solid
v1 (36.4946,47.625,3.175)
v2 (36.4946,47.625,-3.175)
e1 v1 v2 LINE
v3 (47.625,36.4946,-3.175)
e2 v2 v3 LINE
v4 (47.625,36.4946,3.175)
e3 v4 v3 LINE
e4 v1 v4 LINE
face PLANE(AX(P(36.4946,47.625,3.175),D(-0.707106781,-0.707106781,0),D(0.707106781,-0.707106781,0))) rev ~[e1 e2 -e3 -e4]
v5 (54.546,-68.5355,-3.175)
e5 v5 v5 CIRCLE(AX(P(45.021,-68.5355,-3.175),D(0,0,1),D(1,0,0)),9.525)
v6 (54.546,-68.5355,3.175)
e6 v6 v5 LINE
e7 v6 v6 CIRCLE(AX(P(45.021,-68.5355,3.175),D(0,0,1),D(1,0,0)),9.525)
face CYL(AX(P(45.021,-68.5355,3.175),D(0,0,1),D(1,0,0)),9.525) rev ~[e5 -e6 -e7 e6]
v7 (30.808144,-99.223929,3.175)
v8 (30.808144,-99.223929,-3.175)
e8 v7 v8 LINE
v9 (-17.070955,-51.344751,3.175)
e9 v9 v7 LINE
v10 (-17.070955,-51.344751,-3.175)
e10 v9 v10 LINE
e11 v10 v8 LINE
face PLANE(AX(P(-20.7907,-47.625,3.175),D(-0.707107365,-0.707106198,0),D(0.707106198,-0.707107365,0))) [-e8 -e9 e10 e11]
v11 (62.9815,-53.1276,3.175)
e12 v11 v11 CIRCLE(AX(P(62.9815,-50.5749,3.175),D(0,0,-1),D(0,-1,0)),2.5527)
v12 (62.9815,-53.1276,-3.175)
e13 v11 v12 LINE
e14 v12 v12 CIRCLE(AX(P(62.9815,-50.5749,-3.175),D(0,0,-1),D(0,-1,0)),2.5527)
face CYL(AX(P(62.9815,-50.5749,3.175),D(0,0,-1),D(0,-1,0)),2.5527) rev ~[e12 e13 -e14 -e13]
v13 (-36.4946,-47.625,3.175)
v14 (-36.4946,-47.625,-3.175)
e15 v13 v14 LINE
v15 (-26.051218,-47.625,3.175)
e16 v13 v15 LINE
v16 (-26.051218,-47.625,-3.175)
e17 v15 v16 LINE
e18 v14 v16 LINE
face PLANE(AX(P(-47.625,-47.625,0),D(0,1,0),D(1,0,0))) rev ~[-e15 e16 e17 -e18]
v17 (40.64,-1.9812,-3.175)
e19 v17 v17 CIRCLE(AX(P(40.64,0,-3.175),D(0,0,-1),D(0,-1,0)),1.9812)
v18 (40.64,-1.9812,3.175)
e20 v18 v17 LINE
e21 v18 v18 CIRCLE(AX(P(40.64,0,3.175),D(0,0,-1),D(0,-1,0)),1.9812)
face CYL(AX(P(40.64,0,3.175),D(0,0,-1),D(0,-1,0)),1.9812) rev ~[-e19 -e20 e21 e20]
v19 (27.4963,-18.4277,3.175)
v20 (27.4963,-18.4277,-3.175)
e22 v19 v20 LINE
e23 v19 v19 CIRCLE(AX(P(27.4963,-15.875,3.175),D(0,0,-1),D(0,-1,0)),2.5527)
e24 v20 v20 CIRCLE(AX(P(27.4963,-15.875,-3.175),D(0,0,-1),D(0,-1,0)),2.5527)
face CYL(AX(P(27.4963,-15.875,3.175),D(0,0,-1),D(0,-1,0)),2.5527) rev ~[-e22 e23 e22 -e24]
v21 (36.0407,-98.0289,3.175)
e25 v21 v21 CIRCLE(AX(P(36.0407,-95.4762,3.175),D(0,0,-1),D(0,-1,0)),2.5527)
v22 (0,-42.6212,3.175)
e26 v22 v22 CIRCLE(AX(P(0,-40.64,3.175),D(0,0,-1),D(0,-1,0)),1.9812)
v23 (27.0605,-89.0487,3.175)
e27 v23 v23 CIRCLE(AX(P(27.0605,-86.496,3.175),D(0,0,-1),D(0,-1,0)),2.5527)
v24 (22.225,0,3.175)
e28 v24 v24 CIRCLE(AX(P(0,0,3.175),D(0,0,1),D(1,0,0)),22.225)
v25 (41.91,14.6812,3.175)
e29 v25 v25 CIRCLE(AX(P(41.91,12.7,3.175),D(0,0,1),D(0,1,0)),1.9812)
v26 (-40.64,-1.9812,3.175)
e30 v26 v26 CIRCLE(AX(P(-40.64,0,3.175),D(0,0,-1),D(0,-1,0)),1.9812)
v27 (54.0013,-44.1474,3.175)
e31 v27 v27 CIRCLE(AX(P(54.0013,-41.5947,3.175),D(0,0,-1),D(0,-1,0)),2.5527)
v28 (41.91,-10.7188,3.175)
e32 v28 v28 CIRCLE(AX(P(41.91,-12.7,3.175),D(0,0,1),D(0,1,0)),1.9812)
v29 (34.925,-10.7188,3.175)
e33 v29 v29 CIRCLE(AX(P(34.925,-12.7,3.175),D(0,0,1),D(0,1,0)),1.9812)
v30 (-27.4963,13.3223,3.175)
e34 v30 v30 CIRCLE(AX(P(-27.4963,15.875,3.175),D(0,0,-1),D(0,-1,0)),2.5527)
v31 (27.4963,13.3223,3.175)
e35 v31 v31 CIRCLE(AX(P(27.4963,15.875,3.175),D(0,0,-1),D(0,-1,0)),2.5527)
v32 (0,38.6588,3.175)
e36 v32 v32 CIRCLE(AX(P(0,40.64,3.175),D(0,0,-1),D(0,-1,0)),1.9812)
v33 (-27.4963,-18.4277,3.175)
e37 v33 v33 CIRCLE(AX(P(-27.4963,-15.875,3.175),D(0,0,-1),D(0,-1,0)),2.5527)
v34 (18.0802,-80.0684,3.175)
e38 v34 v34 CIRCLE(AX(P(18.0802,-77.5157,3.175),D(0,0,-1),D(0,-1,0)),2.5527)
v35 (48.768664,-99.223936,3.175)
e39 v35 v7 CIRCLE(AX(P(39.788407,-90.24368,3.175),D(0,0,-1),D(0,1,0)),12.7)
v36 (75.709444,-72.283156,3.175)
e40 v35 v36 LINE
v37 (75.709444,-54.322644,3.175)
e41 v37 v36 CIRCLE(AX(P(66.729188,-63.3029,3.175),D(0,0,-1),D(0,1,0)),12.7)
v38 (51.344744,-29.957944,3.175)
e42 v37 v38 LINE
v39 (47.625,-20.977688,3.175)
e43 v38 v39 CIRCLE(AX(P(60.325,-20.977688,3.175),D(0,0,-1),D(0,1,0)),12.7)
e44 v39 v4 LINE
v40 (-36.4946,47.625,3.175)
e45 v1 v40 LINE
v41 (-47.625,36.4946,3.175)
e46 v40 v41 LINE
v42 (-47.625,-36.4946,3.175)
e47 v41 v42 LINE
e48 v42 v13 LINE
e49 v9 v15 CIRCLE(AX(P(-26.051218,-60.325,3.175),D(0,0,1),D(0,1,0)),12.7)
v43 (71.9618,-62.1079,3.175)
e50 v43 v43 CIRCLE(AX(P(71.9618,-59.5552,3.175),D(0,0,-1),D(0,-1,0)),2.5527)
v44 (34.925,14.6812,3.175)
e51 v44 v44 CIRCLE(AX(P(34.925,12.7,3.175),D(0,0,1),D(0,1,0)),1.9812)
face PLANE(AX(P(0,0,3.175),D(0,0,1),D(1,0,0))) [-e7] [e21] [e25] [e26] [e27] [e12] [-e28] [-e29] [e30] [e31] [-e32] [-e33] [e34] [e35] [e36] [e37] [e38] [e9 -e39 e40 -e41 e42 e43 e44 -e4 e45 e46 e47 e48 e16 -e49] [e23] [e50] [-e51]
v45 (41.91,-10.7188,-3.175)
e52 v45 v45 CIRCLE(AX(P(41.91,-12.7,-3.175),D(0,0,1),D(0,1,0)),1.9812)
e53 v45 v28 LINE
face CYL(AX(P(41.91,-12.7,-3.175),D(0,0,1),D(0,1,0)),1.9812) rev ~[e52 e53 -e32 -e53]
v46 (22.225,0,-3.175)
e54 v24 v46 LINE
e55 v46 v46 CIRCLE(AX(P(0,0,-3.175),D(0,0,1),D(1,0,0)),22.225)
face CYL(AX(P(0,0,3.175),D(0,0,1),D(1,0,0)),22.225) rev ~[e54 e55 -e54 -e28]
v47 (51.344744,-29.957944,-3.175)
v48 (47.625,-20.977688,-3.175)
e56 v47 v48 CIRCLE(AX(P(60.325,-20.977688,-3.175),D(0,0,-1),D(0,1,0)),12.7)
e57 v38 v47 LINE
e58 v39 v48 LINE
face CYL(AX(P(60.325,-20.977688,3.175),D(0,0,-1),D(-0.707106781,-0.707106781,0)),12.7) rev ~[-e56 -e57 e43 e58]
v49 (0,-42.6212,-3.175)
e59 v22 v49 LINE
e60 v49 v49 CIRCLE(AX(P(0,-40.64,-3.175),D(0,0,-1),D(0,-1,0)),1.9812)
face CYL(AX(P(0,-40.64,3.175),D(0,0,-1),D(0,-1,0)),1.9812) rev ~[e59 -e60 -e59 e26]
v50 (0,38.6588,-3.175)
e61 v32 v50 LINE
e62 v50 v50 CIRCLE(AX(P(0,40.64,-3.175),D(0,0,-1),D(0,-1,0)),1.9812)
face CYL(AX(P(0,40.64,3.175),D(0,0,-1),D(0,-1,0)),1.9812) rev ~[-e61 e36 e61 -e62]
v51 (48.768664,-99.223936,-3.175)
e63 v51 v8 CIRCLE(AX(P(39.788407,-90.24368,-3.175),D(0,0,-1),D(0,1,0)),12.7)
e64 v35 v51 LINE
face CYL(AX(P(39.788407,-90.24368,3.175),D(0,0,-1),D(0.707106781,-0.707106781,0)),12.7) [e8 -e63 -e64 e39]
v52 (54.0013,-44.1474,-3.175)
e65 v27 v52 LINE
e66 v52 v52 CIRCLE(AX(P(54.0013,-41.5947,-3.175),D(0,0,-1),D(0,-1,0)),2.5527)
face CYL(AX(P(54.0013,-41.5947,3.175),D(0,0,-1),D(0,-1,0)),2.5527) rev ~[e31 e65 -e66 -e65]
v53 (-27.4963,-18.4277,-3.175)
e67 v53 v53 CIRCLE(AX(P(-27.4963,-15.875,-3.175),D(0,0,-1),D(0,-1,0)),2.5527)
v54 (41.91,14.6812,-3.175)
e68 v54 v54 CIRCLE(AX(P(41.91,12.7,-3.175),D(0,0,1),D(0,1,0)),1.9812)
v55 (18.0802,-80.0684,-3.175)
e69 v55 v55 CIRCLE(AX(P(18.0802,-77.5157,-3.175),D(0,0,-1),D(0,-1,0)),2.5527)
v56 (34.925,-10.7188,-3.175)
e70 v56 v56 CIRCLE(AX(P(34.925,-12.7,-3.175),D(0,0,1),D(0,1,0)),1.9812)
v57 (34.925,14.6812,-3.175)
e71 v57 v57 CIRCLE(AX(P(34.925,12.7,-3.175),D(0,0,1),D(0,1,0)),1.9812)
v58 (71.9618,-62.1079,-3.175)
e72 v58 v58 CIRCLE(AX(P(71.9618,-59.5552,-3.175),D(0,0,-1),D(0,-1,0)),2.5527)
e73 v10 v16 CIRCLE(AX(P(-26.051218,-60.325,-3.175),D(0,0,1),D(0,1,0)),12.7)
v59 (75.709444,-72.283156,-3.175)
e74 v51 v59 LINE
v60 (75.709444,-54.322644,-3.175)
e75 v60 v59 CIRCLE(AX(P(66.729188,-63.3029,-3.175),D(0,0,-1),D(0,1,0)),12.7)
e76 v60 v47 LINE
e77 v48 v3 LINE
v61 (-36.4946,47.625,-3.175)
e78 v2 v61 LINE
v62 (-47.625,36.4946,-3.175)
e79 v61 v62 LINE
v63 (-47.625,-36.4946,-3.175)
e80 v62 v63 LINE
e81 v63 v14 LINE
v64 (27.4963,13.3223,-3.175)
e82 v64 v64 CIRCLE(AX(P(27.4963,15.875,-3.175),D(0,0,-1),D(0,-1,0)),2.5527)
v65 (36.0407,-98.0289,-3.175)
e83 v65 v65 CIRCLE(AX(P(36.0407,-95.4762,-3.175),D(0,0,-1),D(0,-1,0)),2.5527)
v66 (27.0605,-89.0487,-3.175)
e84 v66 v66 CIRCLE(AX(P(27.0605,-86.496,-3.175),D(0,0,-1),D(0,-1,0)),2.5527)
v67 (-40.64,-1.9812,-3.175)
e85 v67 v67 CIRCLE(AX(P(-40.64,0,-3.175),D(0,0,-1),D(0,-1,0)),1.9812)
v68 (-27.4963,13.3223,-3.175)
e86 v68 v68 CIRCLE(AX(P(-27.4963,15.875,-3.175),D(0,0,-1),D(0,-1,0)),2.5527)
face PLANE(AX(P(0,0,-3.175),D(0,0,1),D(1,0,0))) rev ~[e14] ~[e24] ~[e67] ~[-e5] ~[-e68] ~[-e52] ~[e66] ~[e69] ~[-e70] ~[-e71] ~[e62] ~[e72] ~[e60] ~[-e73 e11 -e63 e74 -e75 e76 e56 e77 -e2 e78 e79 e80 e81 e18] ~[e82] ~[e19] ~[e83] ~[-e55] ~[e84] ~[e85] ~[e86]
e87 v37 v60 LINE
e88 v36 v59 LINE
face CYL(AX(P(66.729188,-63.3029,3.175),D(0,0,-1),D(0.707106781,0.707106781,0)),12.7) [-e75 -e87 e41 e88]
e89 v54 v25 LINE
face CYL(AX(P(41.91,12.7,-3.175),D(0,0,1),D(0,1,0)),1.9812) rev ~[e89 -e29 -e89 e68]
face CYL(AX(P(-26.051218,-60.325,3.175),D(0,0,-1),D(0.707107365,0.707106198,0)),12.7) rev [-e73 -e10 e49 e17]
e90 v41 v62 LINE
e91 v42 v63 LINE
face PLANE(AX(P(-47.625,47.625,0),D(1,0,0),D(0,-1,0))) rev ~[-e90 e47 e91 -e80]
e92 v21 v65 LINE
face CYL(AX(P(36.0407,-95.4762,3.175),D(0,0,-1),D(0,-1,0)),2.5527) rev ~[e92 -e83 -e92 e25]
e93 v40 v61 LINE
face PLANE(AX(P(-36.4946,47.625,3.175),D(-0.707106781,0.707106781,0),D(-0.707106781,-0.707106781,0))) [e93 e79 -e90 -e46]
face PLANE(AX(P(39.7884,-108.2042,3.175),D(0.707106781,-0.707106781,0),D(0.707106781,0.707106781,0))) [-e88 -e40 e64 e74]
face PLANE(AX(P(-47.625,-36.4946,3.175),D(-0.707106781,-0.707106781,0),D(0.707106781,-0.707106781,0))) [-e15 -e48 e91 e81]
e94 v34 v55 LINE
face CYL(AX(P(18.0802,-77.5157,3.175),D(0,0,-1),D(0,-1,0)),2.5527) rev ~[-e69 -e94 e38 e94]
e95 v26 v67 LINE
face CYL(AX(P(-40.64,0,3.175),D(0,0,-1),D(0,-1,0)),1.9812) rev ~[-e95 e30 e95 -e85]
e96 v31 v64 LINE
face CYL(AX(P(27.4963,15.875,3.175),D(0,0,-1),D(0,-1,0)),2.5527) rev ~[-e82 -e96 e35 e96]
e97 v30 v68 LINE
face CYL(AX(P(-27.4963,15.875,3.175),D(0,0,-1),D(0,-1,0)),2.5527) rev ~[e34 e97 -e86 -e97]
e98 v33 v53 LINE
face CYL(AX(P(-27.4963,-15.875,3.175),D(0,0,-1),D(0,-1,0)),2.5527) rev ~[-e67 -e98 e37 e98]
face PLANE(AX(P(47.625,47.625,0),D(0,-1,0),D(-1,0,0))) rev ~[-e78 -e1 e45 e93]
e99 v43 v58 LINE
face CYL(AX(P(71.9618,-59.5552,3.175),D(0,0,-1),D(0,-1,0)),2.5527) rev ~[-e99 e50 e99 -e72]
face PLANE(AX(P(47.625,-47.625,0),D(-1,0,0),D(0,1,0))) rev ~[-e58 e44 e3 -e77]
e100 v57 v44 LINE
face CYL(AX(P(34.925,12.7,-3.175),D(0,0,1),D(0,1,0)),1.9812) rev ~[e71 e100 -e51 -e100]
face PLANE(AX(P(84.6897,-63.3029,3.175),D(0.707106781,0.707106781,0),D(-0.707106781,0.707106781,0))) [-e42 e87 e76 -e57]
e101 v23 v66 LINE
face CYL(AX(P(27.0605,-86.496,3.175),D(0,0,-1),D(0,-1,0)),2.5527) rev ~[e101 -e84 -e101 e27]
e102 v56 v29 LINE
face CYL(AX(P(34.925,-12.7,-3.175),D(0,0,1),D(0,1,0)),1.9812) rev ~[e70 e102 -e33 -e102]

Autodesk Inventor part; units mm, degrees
ref_plane "YZ Plane" through (0, 0, 0) normal (1, 0, 0) x (0, 1, 0)
ref_plane "XZ Plane" through (0, 0, 0) normal (0, 1, 0) x (-1, 0, 0)
ref_plane "XY Plane" through (0, 0, 0) normal (0, 0, 1) x (1, 0, 0)
sketch "Sketch1" plane through (0, 0, 0) normal (0, 0, 1) x (1, 0, 0)
  line L0 (-47.625, -47.625) -> (47.625, -47.625)
  line L1 (47.625, -47.625) -> (47.625, 47.625)
  line L2 (47.625, 47.625) -> (-47.625, 47.625)
  line L3 (-47.625, 47.625) -> (-47.625, -47.625)
  line L4 (-47.625, -47.625) -> (47.625, 47.625) construction
  line L5 (47.625, -47.625) -> (-47.625, 47.625) construction
  point P0 (0, 0)
  dimension "width" = 95.25
  dimension "length" = 95.25
extrude "Extrusion1" add sketch "Sketch1" along normal mid plane 6.35
sketch "Sketch2" plane through (0, 0, 3.175) normal (0, 0, 1) x (1, 0, 0)
  circle A0 centre (0, 0) radius 35
  circle A1 centre (0, 0) radius 60 construction
  circle A2 centre (0, 0) radius 40.64 construction
  point P0 (0, 40.64)
  point P1 (-40.64, 0)
  point P2 (0, -40.64)
  point P3 (40.64, 0)
  dimension "d74" = 81.28
  dimension "d5" = 120
  dimension "d73" = 70
  dimension "d77" = 360
hole "Hole1" at (0, 40.64, 3.175) at (-40.64, 0, 3.175) at (0, -40.64, 3.175) at (40.64, 0, 3.175) direction (0, 0, -1) diameter 3.9624 end through all thread size "10-32 UNF" class "2B" standard "ANSI Unified Screw Threads"
sketch "Sketch3" plane through (0, 0, 3.175) normal (0, 0, 1) x (1, 0, 0)
  circle A0 centre (0, 0) radius 31.75 construction
  point P0 (0, 31.75)
  point P1 (-27.4963, 15.875)
  point P2 (-27.4963, -15.875)
  point P3 (0, -31.75)
  point P4 (27.4963, -15.875)
  point P5 (27.4963, 15.875)
  dimension "d17" = 63.5
  dimension "d20" = 360
hole "Hole2" at (-27.4963, 15.875, 3.175) at (-27.4963, -15.875, 3.175) at (27.4963, -15.875, 3.175) at (27.4963, 15.875, 3.175) direction (0, 0, -1) diameter 5.1054 end through all clearance for "Hex Machine Screw" size "#10" standard "Ansi Unified Screw Threads"
sketch "Sketch4" plane through (0, 0, 3.175) normal (0, 0, 1) x (1, 0, 0)
  circle A0 centre (0, 0) radius 22.225
  dimension "d30" = 44.45
extrude "Extrusion2" cut sketch "Sketch4" against normal through all
sketch "Sketch5" plane through (0, 0, 3.175) normal (0, 0, 1) x (1, 0, 0)
  circle A0 centre (0, 0) radius 64 construction
  circle A1 centre (45.021, -68.5355) radius 18 construction
  line L0 (95.821, 47.9105) -> (95.821, -47.9105) construction
  line L1 (54.0013, -41.5947) -> (18.0802, -77.5157) construction
  line L2 (18.0802, -77.5157) -> (27.0605, -86.496) construction
  line L3 (36.0407, -59.5552) -> (45.021, -68.5355) construction
  line L4 (-47.625, -47.625) -> (47.625, -47.625) construction
  line L5 (-20.7907, -47.625) -> (39.7884, -108.2042)
  line L6 (39.7884, -108.2042) -> (84.6897, -63.3029)
  line L7 (84.6897, -63.3029) -> (47.625, -26.2382)
  line L8 (47.625, -47.625) -> (47.625, 47.625) construction
  line L9 (-20.7907, -47.625) -> (47.625, -47.625)
  line L10 (47.625, -47.625) -> (47.625, -26.2382)
  circle A2 centre (45.021, -68.5355) radius 9.525
  point P0 (95.821, 0)
  point P1 (27.0605, -86.496)
  point P2 (36.0407, -95.4762)
  point P3 (62.9815, -50.5749)
  point P4 (62.9815, -50.5749)
  point P5 (71.9618, -59.5552)
  point P6 (-22.225, -47.625)
  dimension "d33" = 128
  dimension "d34" = 36
  dimension "d35" = 95.821
  dimension "d36" = 95.821
  dimension "d37" = 50.8
  dimension "d38" = 12.7
  dimension "d39" = 12.7
  dimension "d42" = 12.7
  dimension "d47" = 45
  dimension "d48" = 50.8
  dimension "d49" = 6.35
  dimension "d50" = 24.35
  dimension "d51" = 6.35
  dimension "d55" = 19.05
  dimension "d64" = 45
extrude "Extrusion3" add sketch "Sketch5" against normal up to surface (6.35 mm away)
hole "Hole3" at (18.0802, -77.5157, 3.175) at (27.0605, -86.496, 3.175) at (36.0407, -95.4762, 3.175) at (54.0013, -41.5947, 3.175) at (71.9618, -59.5552, 3.175) at (62.9815, -50.5749, 3.175) direction (0, 0, -1) diameter 5.1054 end through all clearance for "Hex Machine Screw" size "#10" standard "Ansi Unified Screw Threads"
fillet "Fillet2" radius 12.7 4 edges at (47.625, -26.2382, 0) (-20.7907, -47.625, 0) (39.7884, -108.2042, 0) (84.6897, -63.3029, 0)
sketch "Sketch7" plane through (0, 0, 3.175) normal (0, 0, 1) x (1, 0, 0)
  circle A0 centre (0, 0) radius 60 construction
  circle A1 centre (71.9618, -59.5552) radius 2.5527 construction
  circle A2 centre (36.0407, -95.4762) radius 2.5527 construction
  circle A3 centre (18.0802, -77.5157) radius 2.5527 construction
  circle A4 centre (27.0605, -86.496) radius 2.5527 construction
  circle A5 centre (54.0013, -41.5947) radius 2.5527 construction
  circle A6 centre (62.9815, -50.5749) radius 2.5527 construction
  circle A7 centre (45.021, -68.5355) radius 9.525 construction
  circle A8 centre (0, 0) radius 22.225 construction
  circle A9 centre (27.4963, -15.875) radius 2.5527 construction
  circle A10 centre (-27.4963, -15.875) radius 2.5527 construction
  circle A11 centre (-27.4963, 15.875) radius 2.5527 construction
  circle A12 centre (27.4963, 15.875) radius 2.5527 construction
  arc A13 (75.7094, -72.2831) -> (75.7094, -54.3226) centre (66.7292, -63.3029) ccw construction
  line L0 (75.7094, -54.3226) -> (51.3447, -29.9579) construction
  arc A14 (47.625, -20.9777) -> (51.3447, -29.9579) centre (60.325, -20.9777) ccw construction
  line L1 (47.625, -20.9777) -> (47.625, 47.625) construction
  line L2 (47.625, 47.625) -> (-47.625, 47.625) construction
  line L3 (-47.625, 47.625) -> (-47.625, -47.625) construction
  line L4 (-47.625, -47.625) -> (-26.0513, -47.625) construction
  arc A15 (-17.071, -51.3447) -> (-26.0513, -47.625) centre (-26.0513, -60.325) ccw construction
  line L5 (-17.071, -51.3447) -> (30.8082, -99.2239) construction
  arc A16 (30.8082, -99.2239) -> (48.7687, -99.2239) centre (39.7884, -90.2436) ccw construction
  line L6 (48.7687, -99.2239) -> (75.7094, -72.2831) construction
  line L7 (-47.625, 47.625) -> (47.625, 47.625) construction
  line L8 (-36.4946, 47.625) -> (-47.625, 47.625)
  line L9 (-47.625, 47.625) -> (-47.625, 36.4946)
  line L10 (-47.625, -47.625) -> (-47.625, 47.625) construction
  line L11 (36.4946, 47.625) -> (47.625, 47.625)
  line L12 (47.625, 47.625) -> (47.625, 36.4946)
  line L13 (47.625, 47.625) -> (47.625, -20.9777) construction
  line L14 (-47.625, -36.4946) -> (-47.625, -47.625)
  line L15 (-26.0513, -47.625) -> (-47.625, -47.625) construction
  line L16 (-47.625, -47.625) -> (-36.4946, -47.625)
  line L17 (-47.625, -36.4946) -> (-36.4946, -47.625)
  line L18 (36.4946, 47.625) -> (47.625, 36.4946)
  line L19 (-36.4946, 47.625) -> (-47.625, 36.4946)
  dimension "d68" = 120
extrude "Extrusion5" cut sketch "Sketch7" against normal through all
sketch "Sketch8" plane through (0, 0, -3.175) normal (0, 0, -1) x (-1, 0, 0)
  line L0 (-34.925, -12.7) -> (-34.925, 12.7) construction
  circle A0 centre (-40.64, 0) radius 1.9812 construction
  circle A1 centre (40.64, 0) radius 1.9812 construction
  circle A2 centre (0, 40.64) radius 1.9812 construction
  circle A3 centre (0, -40.64) radius 1.9812 construction
  circle A4 centre (-27.4963, 15.875) radius 2.5527 construction
  circle A5 centre (27.4963, -15.875) radius 2.5527 construction
  circle A6 centre (27.4963, 15.875) radius 2.5527 construction
  circle A7 centre (-27.4963, -15.875) radius 2.5527 construction
  circle A8 centre (0, 0) radius 22.225 construction
  circle A9 centre (-45.021, -68.5355) radius 9.525 construction
  circle A10 centre (-62.9815, -50.5749) radius 2.5527 construction
  circle A11 centre (-54.0013, -41.5947) radius 2.5527 construction
  circle A12 centre (-27.0605, -86.496) radius 2.5527 construction
  circle A13 centre (-18.0802, -77.5157) radius 2.5527 construction
  circle A14 centre (-36.0407, -95.4762) radius 2.5527 construction
  circle A15 centre (-71.9618, -59.5552) radius 2.5527 construction
  line L1 (36.4946, -47.625) -> (47.625, -36.4946) construction
  line L2 (47.625, -36.4946) -> (47.625, 36.4946) construction
  line L3 (47.625, 36.4946) -> (36.4946, 47.625) construction
  line L4 (36.4946, 47.625) -> (-36.4946, 47.625) construction
  line L5 (-36.4946, 47.625) -> (-47.625, 36.4946) construction
  line L6 (-47.625, 36.4946) -> (-47.625, -20.9777) construction
  arc A16 (-51.3447, -29.9579) -> (-47.625, -20.9777) centre (-60.325, -20.9777) ccw construction
  line L7 (-75.7094, -54.3226) -> (-51.3447, -29.9579) construction
  arc A17 (-75.7094, -54.3226) -> (-75.7094, -72.2831) centre (-66.7292, -63.3029) ccw construction
  line L8 (-48.7687, -99.2239) -> (-75.7094, -72.2831) construction
  arc A18 (-48.7687, -99.2239) -> (-30.8082, -99.2239) centre (-39.7884, -90.2436) ccw construction
  line L9 (17.071, -51.3447) -> (-30.8082, -99.2239) construction
  arc A19 (26.0513, -47.625) -> (17.071, -51.3447) centre (26.0513, -60.325) ccw construction
  line L10 (26.0513, -47.625) -> (36.4946, -47.625) construction
  point P0 (-34.925, 0)
  dimension "d79" = 25.4
  dimension "d80" = 12.7
  dimension "d88" = 34.925
  dimension "d89" = 44.45
hole "Hole4" at (34.925, -12.7, -3.175) at (34.925, 12.7, -3.175) direction (0, 0, 1) diameter 3.9624 end through all thread size "10-32 UNF" class "2B" standard "ANSI Unified Screw Threads"
sketch "Sketch9" plane through (0, 0, -3.175) normal (0, 0, -1) x (-1, 0, 0)
  circle A0 centre (-34.925, -12.7) radius 1.9812 construction
  circle A1 centre (-34.925, 12.7) radius 1.9812 construction
  arc A2 (-51.3447, -29.9579) -> (-47.625, -20.9777) centre (-60.325, -20.9777) ccw construction
  line L0 (-47.625, -20.9777) -> (-47.625, 36.4946) construction
  line L1 (-47.625, 36.4946) -> (-36.4946, 47.625) construction
  line L2 (-36.4946, 47.625) -> (36.4946, 47.625) construction
  line L3 (36.4946, 47.625) -> (47.625, 36.4946) construction
  line L4 (47.625, 36.4946) -> (47.625, -36.4946) construction
  line L5 (47.625, -36.4946) -> (36.4946, -47.625) construction
  line L6 (36.4946, -47.625) -> (26.0513, -47.625) construction
  arc A3 (26.0513, -47.625) -> (17.071, -51.3447) centre (26.0513, -60.325) ccw construction
  line L7 (17.071, -51.3447) -> (-30.8082, -99.2239) construction
  arc A4 (-48.7687, -99.2239) -> (-30.8082, -99.2239) centre (-39.7884, -90.2436) ccw construction
  line L8 (-48.7687, -99.2239) -> (-75.7094, -72.2831) construction
  arc A5 (-75.7094, -54.3226) -> (-75.7094, -72.2831) centre (-66.7292, -63.3029) ccw construction
  line L9 (-75.7094, -54.3226) -> (-51.3447, -29.9579) construction
  circle A6 centre (-71.9618, -59.5552) radius 2.5527 construction
  circle A7 centre (-36.0407, -95.4762) radius 2.5527 construction
  circle A8 centre (-18.0802, -77.5157) radius 2.5527 construction
  circle A9 centre (-27.0605, -86.496) radius 2.5527 construction
  circle A10 centre (-54.0013, -41.5947) radius 2.5527 construction
  circle A11 centre (-62.9815, -50.5749) radius 2.5527 construction
  circle A12 centre (-45.021, -68.5355) radius 9.525 construction
  circle A13 centre (0, 0) radius 22.225 construction
  circle A14 centre (-27.4963, -15.875) radius 2.5527 construction
  circle A15 centre (27.4963, 15.875) radius 2.5527 construction
  circle A16 centre (27.4963, -15.875) radius 2.5527 construction
  circle A17 centre (-27.4963, 15.875) radius 2.5527 construction
  circle A18 centre (0, -40.64) radius 1.9812 construction
  circle A19 centre (0, 40.64) radius 1.9812 construction
  circle A20 centre (40.64, 0) radius 1.9812 construction
  circle A21 centre (-40.64, 0) radius 1.9812 construction
  circle A22 centre (-41.91, -12.7) radius 2.5527 construction
  point P0 (-41.91, 12.7)
  dimension "d90" = 5.715
  dimension "d91" = 5.1054
hole "Hole5" at (41.91, -12.7, -3.175) at (41.91, 12.7, -3.175) direction (0, 0, 1) diameter 3.9624 end through all thread size "10-32 UNF" class "2B" standard "ANSI Unified Screw Threads"
equation "\"d36\" = d35"
equation "\"d39\" = d38"
equation "\"d42\" = d38"
equation "\"d50\" = 0.5 * d34 + d49"
equation "\"d51\" = d49"
equation "\"d64\" = d47"
equation "\"d63\" = d29"
equation "\"d29\" = 12.7"
properties part number "GP6-004" material "Aluminum 6061"
